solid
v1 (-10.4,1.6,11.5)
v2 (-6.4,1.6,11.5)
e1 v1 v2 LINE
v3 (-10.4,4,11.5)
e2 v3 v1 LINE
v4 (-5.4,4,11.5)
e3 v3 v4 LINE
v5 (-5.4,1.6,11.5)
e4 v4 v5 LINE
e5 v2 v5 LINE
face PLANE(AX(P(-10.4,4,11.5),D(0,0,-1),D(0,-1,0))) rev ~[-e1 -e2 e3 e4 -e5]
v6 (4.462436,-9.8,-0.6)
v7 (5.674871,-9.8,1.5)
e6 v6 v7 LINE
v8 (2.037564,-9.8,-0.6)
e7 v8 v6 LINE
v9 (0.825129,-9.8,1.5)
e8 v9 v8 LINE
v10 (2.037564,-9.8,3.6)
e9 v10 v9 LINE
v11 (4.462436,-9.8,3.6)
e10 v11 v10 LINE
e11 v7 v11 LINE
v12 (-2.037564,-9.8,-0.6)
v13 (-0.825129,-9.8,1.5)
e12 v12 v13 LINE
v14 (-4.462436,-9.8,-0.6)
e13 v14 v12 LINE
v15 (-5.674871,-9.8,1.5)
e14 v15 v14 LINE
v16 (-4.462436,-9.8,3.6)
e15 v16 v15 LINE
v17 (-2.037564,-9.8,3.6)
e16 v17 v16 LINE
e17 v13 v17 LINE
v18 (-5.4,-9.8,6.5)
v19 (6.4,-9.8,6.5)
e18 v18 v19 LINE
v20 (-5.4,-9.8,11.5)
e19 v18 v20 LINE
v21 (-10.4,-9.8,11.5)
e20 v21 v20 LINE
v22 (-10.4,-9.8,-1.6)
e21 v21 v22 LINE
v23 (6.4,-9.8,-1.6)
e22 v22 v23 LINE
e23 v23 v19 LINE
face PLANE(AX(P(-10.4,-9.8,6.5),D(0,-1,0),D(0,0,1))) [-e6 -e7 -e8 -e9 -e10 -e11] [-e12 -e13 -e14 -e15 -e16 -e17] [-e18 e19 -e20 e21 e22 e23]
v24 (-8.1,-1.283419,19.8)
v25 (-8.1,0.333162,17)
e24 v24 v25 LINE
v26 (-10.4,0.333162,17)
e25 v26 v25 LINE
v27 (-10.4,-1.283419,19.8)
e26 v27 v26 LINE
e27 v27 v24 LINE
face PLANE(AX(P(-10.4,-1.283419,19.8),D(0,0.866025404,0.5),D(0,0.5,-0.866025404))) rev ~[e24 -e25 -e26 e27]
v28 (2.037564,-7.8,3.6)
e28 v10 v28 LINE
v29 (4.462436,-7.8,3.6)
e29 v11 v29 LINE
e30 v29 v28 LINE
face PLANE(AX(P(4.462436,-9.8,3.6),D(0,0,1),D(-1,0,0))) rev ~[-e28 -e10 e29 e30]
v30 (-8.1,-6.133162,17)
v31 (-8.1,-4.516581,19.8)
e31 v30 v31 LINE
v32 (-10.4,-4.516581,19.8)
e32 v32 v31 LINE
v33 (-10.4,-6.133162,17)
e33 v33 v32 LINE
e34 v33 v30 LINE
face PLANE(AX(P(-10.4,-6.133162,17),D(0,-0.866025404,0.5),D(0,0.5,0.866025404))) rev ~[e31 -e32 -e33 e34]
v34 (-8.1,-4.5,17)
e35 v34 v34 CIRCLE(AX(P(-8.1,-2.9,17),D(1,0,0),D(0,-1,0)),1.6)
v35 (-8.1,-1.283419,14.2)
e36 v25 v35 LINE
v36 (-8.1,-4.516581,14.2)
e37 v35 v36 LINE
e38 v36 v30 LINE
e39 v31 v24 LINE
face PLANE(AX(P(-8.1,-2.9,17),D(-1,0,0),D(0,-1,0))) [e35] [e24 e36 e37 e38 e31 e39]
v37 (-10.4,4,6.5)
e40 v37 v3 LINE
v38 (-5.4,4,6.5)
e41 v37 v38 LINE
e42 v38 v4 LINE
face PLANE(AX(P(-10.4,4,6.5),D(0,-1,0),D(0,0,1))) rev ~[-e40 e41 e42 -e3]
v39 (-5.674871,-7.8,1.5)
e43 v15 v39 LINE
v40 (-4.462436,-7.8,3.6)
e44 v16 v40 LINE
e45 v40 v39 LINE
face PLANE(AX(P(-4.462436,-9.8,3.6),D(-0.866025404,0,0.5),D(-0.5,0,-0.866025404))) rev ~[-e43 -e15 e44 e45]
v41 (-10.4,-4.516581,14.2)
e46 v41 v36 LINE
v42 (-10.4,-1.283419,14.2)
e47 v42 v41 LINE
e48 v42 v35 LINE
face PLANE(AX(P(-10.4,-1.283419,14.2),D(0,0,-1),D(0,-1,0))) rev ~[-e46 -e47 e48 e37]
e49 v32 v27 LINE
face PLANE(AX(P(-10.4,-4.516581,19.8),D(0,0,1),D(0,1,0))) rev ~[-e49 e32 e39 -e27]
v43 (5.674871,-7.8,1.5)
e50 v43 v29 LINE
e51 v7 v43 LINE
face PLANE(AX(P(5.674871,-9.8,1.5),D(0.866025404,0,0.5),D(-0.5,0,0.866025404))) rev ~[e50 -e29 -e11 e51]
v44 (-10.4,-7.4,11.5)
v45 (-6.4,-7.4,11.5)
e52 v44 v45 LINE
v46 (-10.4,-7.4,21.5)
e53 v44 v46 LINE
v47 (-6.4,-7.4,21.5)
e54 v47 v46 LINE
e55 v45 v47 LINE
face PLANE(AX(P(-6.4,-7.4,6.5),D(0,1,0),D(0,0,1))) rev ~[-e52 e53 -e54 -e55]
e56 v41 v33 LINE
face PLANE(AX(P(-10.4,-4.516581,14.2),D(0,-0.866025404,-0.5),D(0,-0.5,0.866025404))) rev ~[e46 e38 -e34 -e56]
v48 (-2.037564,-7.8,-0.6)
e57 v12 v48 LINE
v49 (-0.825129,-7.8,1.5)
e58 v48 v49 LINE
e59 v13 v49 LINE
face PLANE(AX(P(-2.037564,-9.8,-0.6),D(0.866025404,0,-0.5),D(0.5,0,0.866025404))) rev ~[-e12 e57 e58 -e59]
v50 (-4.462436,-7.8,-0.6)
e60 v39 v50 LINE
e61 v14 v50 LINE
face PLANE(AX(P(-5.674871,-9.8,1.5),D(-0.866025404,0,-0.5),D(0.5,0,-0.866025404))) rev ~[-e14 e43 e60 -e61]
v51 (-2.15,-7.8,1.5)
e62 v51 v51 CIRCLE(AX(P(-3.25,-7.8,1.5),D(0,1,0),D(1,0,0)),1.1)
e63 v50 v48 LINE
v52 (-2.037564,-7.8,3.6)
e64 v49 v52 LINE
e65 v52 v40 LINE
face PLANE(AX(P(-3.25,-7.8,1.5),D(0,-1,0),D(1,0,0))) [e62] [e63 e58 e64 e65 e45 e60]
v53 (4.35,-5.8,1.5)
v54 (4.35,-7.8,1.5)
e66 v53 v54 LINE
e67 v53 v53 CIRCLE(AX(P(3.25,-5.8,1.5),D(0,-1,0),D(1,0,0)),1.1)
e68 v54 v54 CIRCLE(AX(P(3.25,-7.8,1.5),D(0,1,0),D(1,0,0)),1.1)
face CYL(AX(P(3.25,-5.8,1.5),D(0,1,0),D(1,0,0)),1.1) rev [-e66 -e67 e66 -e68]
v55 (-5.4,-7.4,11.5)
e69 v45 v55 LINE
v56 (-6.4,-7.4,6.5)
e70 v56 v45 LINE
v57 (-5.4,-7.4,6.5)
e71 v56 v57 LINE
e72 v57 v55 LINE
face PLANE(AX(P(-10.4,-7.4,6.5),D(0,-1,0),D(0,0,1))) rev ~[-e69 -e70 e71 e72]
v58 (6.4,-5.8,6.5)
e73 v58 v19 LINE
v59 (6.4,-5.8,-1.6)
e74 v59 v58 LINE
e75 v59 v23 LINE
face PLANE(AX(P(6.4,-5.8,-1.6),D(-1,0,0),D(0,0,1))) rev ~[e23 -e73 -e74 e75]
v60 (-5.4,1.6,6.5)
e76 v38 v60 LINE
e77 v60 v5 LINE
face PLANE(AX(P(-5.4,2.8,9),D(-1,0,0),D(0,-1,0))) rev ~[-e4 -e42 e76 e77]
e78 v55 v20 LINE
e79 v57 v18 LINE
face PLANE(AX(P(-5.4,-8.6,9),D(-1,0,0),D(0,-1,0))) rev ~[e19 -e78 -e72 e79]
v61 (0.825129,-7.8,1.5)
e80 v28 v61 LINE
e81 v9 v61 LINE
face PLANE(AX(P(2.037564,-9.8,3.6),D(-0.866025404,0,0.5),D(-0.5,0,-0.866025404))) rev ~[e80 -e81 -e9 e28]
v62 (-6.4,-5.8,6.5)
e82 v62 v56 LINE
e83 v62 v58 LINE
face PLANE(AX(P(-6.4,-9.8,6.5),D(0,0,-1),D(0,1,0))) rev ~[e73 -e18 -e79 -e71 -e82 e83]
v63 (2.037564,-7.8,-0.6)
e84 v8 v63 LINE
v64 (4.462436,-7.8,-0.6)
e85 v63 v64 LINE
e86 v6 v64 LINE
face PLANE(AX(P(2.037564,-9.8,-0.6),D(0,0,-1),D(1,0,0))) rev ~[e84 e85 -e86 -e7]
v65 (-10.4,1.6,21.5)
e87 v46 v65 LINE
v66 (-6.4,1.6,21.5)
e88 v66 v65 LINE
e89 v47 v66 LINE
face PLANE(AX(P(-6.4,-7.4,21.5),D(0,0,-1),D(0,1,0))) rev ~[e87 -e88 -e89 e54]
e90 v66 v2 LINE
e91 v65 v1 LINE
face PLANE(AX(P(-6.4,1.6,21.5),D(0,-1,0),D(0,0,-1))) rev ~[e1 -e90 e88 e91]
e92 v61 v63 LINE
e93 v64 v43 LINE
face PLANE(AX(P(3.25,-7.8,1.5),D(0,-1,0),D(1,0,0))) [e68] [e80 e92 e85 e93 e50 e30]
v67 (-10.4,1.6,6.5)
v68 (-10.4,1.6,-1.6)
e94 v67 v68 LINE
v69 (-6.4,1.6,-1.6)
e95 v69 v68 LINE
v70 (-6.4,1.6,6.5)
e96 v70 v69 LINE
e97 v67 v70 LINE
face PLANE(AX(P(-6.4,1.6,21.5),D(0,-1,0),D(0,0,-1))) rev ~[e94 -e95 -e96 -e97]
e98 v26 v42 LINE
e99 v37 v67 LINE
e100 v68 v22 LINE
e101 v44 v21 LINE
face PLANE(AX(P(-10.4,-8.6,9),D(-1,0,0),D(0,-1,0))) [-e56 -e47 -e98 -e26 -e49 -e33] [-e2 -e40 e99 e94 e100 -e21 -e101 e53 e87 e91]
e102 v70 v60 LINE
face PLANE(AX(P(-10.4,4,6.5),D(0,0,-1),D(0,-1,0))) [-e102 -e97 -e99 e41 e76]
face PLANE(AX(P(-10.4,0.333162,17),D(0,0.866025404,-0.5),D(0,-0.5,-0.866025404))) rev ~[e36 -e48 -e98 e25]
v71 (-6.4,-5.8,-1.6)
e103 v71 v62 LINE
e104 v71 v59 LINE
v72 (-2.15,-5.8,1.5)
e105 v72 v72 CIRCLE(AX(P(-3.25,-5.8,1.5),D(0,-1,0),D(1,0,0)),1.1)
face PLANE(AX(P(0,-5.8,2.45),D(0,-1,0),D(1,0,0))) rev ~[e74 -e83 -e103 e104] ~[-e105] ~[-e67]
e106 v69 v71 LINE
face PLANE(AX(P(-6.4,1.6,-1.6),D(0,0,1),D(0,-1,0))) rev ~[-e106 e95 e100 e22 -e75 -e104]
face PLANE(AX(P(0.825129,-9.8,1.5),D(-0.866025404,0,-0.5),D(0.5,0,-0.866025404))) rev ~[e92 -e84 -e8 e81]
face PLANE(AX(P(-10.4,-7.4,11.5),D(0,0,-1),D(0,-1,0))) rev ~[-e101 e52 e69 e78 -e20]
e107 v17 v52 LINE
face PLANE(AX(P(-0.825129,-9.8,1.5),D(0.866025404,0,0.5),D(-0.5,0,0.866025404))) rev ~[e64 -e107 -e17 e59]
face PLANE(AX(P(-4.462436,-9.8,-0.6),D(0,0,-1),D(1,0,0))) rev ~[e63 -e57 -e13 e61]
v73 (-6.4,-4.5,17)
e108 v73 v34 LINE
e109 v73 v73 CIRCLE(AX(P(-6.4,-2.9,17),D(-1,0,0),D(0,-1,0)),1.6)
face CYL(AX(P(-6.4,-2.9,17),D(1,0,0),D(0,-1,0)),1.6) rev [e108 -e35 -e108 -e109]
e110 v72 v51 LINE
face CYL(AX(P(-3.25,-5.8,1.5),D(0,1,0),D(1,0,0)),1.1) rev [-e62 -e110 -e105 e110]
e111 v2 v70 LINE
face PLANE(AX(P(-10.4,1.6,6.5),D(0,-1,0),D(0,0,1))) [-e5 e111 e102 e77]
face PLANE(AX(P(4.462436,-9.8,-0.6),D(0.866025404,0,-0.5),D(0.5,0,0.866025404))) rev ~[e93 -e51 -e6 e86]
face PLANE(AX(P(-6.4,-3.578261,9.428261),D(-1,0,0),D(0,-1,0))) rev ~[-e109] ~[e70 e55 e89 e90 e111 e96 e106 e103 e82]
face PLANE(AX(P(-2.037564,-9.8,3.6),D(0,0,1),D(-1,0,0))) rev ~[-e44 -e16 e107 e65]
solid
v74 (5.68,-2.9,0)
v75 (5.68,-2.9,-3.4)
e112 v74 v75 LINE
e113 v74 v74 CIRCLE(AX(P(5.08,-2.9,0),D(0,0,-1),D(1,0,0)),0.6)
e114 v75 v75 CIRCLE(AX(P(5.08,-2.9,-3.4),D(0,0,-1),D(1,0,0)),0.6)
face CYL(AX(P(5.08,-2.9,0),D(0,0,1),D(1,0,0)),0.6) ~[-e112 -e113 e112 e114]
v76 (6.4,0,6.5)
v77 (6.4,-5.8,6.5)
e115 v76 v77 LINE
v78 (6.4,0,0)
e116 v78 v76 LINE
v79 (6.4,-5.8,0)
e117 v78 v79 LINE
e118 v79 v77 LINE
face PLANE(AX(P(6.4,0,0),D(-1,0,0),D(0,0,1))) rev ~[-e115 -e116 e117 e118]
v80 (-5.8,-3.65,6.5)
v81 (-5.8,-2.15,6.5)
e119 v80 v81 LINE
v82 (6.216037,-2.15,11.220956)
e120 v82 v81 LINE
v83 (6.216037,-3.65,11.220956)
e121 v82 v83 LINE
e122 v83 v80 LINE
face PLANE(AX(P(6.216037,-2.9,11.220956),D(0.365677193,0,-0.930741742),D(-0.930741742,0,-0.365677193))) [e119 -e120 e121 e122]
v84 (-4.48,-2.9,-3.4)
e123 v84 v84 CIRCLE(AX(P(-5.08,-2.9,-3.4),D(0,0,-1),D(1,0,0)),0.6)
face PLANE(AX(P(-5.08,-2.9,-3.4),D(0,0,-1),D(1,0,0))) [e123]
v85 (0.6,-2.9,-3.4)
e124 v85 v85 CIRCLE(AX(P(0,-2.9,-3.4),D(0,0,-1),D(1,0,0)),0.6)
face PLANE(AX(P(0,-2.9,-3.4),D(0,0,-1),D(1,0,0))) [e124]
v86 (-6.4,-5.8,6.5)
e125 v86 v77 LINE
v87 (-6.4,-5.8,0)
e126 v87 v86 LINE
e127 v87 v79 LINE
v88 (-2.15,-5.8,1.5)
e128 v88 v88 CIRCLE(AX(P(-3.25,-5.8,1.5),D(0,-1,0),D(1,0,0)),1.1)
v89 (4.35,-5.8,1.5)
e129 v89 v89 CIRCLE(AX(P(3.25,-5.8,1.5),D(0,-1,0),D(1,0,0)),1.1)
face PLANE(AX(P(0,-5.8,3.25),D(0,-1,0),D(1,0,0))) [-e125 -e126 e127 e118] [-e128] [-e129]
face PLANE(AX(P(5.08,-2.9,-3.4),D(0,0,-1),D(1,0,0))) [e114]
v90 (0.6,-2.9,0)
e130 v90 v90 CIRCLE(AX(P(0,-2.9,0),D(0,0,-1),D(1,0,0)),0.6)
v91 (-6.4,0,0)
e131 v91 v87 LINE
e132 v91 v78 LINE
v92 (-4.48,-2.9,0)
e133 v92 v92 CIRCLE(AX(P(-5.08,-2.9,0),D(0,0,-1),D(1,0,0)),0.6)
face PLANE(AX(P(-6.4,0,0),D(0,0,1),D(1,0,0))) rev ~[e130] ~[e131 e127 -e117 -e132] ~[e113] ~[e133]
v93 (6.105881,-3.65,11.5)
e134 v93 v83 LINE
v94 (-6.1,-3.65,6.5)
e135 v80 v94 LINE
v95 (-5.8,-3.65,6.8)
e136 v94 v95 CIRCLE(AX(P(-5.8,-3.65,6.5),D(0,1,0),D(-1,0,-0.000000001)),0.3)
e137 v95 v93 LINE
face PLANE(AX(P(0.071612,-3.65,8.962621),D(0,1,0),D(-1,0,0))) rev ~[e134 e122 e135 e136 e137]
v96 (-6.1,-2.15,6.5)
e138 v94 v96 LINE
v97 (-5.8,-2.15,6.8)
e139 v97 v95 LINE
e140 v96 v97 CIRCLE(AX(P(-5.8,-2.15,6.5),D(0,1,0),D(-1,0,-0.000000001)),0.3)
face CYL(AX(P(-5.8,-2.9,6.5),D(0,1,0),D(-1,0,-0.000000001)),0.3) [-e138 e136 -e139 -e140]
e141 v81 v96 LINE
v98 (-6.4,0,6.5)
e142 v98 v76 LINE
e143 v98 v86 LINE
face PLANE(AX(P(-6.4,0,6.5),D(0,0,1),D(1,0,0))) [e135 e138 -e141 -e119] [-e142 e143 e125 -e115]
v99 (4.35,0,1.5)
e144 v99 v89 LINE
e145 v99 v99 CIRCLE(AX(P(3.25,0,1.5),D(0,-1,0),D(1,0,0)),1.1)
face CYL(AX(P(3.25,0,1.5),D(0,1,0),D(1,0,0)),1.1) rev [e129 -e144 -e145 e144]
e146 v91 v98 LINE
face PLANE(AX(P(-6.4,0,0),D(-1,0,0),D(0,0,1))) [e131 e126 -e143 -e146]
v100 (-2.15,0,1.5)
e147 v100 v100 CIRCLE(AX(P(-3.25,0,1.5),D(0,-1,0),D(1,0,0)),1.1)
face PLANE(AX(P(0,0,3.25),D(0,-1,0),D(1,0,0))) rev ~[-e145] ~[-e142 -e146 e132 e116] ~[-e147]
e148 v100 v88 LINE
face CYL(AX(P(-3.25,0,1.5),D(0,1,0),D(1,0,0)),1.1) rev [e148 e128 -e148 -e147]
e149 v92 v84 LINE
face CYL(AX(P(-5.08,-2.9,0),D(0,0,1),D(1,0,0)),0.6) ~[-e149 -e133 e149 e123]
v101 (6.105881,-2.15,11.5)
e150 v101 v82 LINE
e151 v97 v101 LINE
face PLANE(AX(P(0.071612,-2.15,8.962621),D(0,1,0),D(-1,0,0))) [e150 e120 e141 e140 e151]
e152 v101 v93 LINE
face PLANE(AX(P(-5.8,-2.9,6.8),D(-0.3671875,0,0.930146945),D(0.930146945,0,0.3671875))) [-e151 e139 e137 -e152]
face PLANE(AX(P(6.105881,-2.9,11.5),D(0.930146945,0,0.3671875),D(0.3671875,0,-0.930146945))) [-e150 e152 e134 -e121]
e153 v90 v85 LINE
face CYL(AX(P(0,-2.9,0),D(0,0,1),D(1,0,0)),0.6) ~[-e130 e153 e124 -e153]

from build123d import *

# Parameters (mm, degrees)
F0_W      = 12.8
F0_H      = 6.5
F0_R      = 1.1
F1_DEPTH  = 5.8
F2_R      = 0.6
F3_DEPTH  = 3.4
F6_DEPTH  = 0.75
F7_W      = 12.8
F7_H      = 8.1
F7_R      = 1.1
F8_DEPTH  = 4
F10_DEPTH = 2
F11_R     = 1.6
F12_DEPTH = 4
F14_DEPTH = 2.3
F15_W     = 2.4
F15_H     = 5
F16_DEPTH = 5


with BuildPart() as f1:
    # F0 (on Front) → F1 (new body)
    with BuildSketch(Plane.XZ):
        with Locations((0, 3.25)):
            Rectangle(F0_W, F0_H)
        with Locations((-3.25, 1.5)):
            Circle(F0_R, mode=Mode.SUBTRACT)
        with Locations((3.25, 1.5)):
            Circle(F0_R, mode=Mode.SUBTRACT)
    extrude(amount=F1_DEPTH)

    # F2 (on face) → F3 (join)
    with BuildSketch(Plane(origin=(0, 0, 0), x_dir=(1, 0, 0), z_dir=(0, 0, -1))):
        with Locations((-5.08, 2.9)):
            Circle(F2_R)
        with Locations((0, 2.9)):
            Circle(F2_R)
        with Locations((5.08, 2.9)):
            Circle(F2_R)
    extrude(amount=F3_DEPTH)

    # F5 (on mid) → F6 (join, symmetric)
    with BuildSketch(Plane(origin=(0, -2.9, 0), x_dir=(-1, 0, 0), z_dir=(0, 1, 0))):
        with BuildLine():
            Line((-6.2160371498, 11.2209559164), (5.8, 6.5))
            Line((5.8, 6.5), (6.1, 6.5))
            ThreePointArc((6.1, 6.5), (6.0121320344, 6.7121320344), (5.8, 6.8))
            Line((5.8, 6.8), (-6.1058808998, 11.5))
            Line((-6.1058808998, 11.5), (-6.2160371498, 11.2209559164))
        make_face()
    extrude(amount=F6_DEPTH, both=True)


with BuildPart() as f8:
    # F7 (on face) → F8 (new body)
    with BuildSketch(Plane.XZ.offset(5.8)):
        with Locations((0, 2.45)):
            Rectangle(F7_W, F7_H)
        with Locations((-3.25, 1.5)):
            Circle(F7_R, mode=Mode.SUBTRACT)
        with Locations((3.25, 1.5)):
            Circle(F7_R, mode=Mode.SUBTRACT)
    extrude(amount=F8_DEPTH)

    # F9 (on face) → F10 (cut)
    with BuildSketch(Plane.XZ.offset(9.8)):
        Polygon((-4.4624355653, -0.6), (-2.0375644347, -0.6), (-0.8251288694, 1.5), (-2.0375644347, 3.6), (-4.4624355653, 3.6), (-5.6748711306, 1.5), align=None)
        Polygon((2.0375644347, 3.6), (0.8251288694, 1.5), (2.0375644347, -0.6), (4.4624355653, -0.6), (5.6748711306, 1.5), (4.4624355653, 3.6), align=None)
    extrude(amount=-F10_DEPTH, mode=Mode.SUBTRACT)



with BuildPart() as f12:
    # F11 (on face) → F12 (new body)
    with BuildSketch(Plane(origin=(-6.4, 0, 0), x_dir=(0, -1, 0), z_dir=(-1, 0, 0))):
        Polygon((7.4, 6.5), (7.4, 21.5), (-1.6, 21.5), (-1.6, -1.6), (9.8, -1.6), (9.8, 6.5), align=None)
        with Locations((2.9, 17)):
            Circle(F11_R, mode=Mode.SUBTRACT)
    extrude(amount=F12_DEPTH)

    # F13 (on face) → F14 (cut)
    with BuildSketch(Plane(origin=(-10.4, 0, 0), x_dir=(0, -1, 0), z_dir=(-1, 0, 0))):
        Polygon((1.2834192463, 14.2), (4.5165807537, 14.2), (6.1331615075, 17), (4.5165807537, 19.8), (1.2834192463, 19.8), (-0.3331615075, 17), align=None)
    extrude(amount=-F14_DEPTH, mode=Mode.SUBTRACT)


with BuildPart() as f8_1:
    add(f8.part)

    add(f12.part)  # F16 merges F12
    # F15 (on face) → F16 (join)
    with BuildSketch(Plane(origin=(-10.4, 0, 0), x_dir=(0, -1, 0), z_dir=(-1, 0, 0))):
        with Locations((8.6, 9)):
            Rectangle(F15_W, F15_H)
        with Locations((-2.8, 9)):
            Rectangle(F15_W, F15_H)
    extrude(amount=-F16_DEPTH)


solid = Compound([f1.part, f8_1.part])
